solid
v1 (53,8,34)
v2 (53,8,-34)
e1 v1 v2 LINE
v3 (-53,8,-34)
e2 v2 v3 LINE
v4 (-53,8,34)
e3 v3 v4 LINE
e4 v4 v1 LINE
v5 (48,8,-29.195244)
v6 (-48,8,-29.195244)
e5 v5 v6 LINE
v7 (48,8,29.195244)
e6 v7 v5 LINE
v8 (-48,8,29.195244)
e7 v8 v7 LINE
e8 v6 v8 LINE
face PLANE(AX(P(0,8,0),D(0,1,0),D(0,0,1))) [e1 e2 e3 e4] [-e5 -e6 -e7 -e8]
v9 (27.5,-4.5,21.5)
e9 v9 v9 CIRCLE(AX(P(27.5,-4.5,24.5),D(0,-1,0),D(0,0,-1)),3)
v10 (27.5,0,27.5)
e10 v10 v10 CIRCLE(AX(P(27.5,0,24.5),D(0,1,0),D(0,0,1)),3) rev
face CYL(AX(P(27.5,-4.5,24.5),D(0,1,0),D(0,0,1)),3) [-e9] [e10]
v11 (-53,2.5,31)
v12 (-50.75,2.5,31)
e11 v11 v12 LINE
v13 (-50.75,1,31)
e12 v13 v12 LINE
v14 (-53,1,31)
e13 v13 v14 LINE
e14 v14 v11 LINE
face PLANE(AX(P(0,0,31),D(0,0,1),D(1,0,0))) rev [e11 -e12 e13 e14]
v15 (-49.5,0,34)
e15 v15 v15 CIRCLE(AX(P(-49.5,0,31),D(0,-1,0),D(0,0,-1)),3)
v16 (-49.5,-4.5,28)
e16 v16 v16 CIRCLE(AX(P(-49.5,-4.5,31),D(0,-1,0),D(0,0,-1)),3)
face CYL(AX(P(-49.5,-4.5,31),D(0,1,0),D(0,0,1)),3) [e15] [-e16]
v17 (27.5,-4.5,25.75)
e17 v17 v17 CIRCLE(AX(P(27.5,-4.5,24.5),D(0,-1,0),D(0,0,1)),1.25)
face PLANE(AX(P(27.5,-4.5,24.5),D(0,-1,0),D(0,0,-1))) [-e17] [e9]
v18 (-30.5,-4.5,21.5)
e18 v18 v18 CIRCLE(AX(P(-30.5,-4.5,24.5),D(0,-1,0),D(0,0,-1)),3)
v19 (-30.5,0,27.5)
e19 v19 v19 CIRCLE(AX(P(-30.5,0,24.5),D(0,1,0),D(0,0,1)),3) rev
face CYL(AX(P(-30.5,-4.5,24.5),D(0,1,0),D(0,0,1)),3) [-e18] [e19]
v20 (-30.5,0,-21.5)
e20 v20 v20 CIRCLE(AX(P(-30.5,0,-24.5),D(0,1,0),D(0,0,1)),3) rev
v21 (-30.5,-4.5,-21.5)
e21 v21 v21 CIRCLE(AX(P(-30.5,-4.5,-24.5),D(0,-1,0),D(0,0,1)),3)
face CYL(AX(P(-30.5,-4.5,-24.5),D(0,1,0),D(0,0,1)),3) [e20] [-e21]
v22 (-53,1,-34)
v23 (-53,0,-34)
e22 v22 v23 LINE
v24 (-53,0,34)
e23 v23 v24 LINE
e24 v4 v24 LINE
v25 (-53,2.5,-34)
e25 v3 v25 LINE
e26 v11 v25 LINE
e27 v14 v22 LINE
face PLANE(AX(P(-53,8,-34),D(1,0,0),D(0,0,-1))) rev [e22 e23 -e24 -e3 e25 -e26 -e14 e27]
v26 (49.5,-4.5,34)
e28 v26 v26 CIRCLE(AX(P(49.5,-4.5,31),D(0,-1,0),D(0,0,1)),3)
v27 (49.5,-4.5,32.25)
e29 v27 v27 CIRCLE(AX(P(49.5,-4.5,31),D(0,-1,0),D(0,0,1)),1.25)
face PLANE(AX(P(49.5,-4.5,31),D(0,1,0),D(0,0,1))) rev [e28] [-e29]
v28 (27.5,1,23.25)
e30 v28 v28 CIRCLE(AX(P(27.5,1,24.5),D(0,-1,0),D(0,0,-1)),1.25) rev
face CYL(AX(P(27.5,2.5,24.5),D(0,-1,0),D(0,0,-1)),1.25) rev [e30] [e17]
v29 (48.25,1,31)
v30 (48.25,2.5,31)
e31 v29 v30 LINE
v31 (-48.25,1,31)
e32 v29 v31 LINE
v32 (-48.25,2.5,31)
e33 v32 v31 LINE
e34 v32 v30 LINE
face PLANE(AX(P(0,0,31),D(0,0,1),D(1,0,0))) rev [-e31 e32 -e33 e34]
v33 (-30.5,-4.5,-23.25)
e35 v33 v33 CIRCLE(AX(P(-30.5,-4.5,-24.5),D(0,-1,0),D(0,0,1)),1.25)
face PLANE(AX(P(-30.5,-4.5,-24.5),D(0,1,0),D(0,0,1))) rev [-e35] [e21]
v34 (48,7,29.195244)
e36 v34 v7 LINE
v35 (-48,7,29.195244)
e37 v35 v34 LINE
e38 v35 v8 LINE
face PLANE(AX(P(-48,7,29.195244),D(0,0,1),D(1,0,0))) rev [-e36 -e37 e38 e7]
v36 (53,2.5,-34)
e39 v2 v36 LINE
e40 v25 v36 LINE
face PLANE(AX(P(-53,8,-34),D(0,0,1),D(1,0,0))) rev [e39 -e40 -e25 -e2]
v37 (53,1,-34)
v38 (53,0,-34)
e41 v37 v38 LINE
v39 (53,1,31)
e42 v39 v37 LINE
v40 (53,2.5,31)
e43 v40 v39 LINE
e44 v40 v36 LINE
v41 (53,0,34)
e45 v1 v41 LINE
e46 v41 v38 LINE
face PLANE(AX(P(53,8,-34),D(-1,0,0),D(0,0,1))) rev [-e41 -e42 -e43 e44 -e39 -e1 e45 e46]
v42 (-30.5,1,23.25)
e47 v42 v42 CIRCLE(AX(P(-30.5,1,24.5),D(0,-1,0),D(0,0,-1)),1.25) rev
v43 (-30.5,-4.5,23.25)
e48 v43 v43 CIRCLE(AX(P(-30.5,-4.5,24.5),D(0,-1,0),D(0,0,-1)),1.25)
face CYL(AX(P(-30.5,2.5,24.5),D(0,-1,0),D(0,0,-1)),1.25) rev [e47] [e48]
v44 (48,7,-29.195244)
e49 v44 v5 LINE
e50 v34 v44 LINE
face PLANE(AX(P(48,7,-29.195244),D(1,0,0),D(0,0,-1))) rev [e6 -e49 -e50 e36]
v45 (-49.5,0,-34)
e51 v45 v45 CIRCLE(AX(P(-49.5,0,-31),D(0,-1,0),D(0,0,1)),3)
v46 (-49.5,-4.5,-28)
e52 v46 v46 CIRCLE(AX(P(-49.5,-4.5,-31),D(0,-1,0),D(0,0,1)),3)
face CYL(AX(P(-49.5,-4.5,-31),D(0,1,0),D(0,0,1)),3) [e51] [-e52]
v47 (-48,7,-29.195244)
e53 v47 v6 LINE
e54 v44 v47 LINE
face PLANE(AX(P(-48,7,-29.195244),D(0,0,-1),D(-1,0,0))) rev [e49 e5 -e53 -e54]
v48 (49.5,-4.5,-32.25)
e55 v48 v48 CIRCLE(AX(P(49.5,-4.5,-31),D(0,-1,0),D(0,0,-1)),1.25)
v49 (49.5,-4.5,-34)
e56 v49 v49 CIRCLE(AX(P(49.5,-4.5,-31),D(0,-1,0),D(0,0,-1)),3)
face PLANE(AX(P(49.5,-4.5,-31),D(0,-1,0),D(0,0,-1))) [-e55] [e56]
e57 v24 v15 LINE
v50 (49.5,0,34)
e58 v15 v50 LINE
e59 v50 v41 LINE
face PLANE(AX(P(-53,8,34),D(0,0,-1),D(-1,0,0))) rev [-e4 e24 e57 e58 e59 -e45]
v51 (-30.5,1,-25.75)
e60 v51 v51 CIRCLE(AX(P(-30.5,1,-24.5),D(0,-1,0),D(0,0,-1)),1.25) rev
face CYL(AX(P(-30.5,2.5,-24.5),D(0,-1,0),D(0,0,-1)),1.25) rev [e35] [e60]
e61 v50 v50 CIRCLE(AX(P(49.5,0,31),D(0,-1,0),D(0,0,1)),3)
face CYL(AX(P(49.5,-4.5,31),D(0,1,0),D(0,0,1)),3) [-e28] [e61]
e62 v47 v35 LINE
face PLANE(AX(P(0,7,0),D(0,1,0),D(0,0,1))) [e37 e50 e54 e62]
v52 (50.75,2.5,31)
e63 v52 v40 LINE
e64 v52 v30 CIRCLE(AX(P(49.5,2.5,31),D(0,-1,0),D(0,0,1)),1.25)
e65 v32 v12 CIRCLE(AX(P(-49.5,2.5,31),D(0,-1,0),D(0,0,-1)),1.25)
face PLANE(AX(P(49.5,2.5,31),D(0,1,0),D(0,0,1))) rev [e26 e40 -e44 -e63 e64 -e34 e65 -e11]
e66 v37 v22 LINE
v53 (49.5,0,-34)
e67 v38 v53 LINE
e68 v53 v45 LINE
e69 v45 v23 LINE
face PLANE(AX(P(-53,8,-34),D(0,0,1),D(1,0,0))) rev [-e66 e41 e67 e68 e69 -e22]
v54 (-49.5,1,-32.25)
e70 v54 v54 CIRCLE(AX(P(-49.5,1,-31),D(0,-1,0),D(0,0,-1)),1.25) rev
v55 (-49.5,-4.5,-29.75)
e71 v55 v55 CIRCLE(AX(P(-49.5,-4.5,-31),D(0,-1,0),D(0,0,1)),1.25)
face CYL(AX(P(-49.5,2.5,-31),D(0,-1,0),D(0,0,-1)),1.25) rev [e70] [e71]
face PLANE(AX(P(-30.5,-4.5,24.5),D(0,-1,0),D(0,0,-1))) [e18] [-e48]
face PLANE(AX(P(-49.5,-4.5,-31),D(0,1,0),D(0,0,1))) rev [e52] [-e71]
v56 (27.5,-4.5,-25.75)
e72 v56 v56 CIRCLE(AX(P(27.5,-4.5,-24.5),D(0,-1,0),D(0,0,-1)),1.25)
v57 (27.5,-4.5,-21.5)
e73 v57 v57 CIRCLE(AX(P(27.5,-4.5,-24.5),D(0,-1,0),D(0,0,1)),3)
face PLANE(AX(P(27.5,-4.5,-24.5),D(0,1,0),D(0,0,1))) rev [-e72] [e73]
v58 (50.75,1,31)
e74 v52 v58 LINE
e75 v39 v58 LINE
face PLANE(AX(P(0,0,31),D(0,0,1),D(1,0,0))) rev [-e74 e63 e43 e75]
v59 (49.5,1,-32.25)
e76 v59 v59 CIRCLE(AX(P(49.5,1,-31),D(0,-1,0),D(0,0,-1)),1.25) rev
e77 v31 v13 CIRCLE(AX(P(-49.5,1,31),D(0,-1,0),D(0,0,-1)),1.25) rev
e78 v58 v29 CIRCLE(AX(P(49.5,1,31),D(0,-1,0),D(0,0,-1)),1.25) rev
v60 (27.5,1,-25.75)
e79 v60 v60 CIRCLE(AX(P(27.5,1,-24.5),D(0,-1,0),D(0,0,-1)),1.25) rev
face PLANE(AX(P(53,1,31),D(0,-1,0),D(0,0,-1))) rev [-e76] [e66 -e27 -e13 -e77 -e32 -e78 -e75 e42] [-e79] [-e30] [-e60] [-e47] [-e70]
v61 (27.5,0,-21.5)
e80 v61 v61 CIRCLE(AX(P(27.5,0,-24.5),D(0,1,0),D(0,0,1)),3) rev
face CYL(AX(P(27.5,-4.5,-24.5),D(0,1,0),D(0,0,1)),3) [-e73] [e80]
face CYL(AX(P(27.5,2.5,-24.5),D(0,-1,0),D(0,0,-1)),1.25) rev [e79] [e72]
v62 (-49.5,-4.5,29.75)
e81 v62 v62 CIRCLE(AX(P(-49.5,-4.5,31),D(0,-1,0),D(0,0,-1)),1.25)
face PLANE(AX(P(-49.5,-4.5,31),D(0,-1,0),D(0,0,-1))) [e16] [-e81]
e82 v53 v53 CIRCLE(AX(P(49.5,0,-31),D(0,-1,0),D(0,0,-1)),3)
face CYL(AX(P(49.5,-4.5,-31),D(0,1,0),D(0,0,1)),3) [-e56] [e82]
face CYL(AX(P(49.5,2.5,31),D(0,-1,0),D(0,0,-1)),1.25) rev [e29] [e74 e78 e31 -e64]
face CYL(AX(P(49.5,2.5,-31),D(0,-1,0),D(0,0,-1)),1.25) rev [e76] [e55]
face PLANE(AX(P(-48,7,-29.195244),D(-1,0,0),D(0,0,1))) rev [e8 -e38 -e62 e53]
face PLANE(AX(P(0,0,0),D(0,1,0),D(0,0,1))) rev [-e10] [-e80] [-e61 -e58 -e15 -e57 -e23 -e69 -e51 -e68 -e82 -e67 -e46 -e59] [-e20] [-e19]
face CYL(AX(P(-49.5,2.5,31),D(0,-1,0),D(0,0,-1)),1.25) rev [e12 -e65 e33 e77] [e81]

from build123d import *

# Parameters (mm, degrees)
ESQUISSE1_W             = 106
ESQUISSE1_H             = 68
BOSS_EXTRU_1_DEPTH      = 8
ESQUISSE2_R             = 3
BOSS_EXTRU_2_DEPTH      = 4.5
ESQUISSE3_R             = 1.25
ENL_V_MAT_EXTRU_1_DEPTH = 7
ESQUISSE4_W             = 106
ESQUISSE4_H             = 1.5
ENL_V_MAT_EXTRU_3_DEPTH = 65
ESQUISSE10_W            = 96
ESQUISSE10_H            = 58.390488624
ENL_V_MAT_EXTRU_5_DEPTH = 1


with BuildPart() as part:
    # Esquisse1 → Boss.-Extru.1 (new body)
    with BuildSketch(Plane(origin=(0, 0, 0), x_dir=(1, 0, 0), z_dir=(0, 1, 0))):
        Rectangle(ESQUISSE1_W, ESQUISSE1_H)
    extrude(amount=BOSS_EXTRU_1_DEPTH)

    # Esquisse2 → Boss.-Extru.2 (add)
    with BuildSketch(Plane.XZ):
        with Locations(Location((-49.5, 31, 0), (0, 0, 90))):
            Circle(ESQUISSE2_R)
        with Locations(Location((-49.5, -31, 0), (0, 0, 90))):
            Circle(ESQUISSE2_R)
        with Locations(Location((49.5, -31, 0), (0, 0, 270))):
            Circle(ESQUISSE2_R)
        with Locations(Location((49.5, 31, 0), (0, 0, 90))):
            Circle(ESQUISSE2_R)
        with Locations(Location((-30.5, 24.5, 0), (0, 0, 90))):
            Circle(ESQUISSE2_R)
        with Locations(Location((27.5, 24.5, 0), (0, 0, 90))):
            Circle(ESQUISSE2_R)
        with Locations(Location((27.5, -24.5, 0), (0, 0, 90))):
            Circle(ESQUISSE2_R)
        with Locations(Location((-30.5, -24.5, 0), (0, 0, 90))):
            Circle(ESQUISSE2_R)
    extrude(amount=BOSS_EXTRU_2_DEPTH)

    # Esquisse3 → Enlèv. mat.-Extru.1 (cut)
    with BuildSketch(Plane.XZ.offset(4.5)):
        with Locations(Location((-49.5, 31, 0), (0, 0, 270))):
            Circle(ESQUISSE3_R)
        with Locations(Location((49.5, 31, 0), (0, 0, 90))):
            Circle(ESQUISSE3_R)
        with Locations(Location((49.5, -31, 0), (0, 0, 270))):
            Circle(ESQUISSE3_R)
        with Locations(Location((-49.5, -31, 0), (0, 0, 90))):
            Circle(ESQUISSE3_R)
        with Locations(Location((-30.5, 24.5, 0), (0, 0, 270))):
            Circle(ESQUISSE3_R)
        with Locations(Location((27.5, 24.5, 0), (0, 0, 90))):
            Circle(ESQUISSE3_R)
        with Locations(Location((27.5, -24.5, 0), (0, 0, 270))):
            Circle(ESQUISSE3_R)
        with Locations(Location((-30.5, -24.5, 0), (0, 0, 90))):
            Circle(ESQUISSE3_R)
    extrude(amount=-ENL_V_MAT_EXTRU_1_DEPTH, mode=Mode.SUBTRACT)

    # Esquisse4 → Enlèv. mat.-Extru.3 (cut)
    with BuildSketch(Plane(origin=(0, 0, -34), x_dir=(-1, 0, 0), z_dir=(0, 0, -1))):
        with Locations((0, 1.75)):
            Rectangle(ESQUISSE4_W, ESQUISSE4_H)
    extrude(amount=-ENL_V_MAT_EXTRU_3_DEPTH, mode=Mode.SUBTRACT)

    # Esquisse10 → Enlèv. mat.-Extru.5 (cut)
    with BuildSketch(Plane(origin=(0, 8, 0), x_dir=(1, 0, 0), z_dir=(0, 1, 0))):
        Rectangle(ESQUISSE10_W, ESQUISSE10_H)
    extrude(amount=-ENL_V_MAT_EXTRU_5_DEPTH, mode=Mode.SUBTRACT)


solid = part.part
